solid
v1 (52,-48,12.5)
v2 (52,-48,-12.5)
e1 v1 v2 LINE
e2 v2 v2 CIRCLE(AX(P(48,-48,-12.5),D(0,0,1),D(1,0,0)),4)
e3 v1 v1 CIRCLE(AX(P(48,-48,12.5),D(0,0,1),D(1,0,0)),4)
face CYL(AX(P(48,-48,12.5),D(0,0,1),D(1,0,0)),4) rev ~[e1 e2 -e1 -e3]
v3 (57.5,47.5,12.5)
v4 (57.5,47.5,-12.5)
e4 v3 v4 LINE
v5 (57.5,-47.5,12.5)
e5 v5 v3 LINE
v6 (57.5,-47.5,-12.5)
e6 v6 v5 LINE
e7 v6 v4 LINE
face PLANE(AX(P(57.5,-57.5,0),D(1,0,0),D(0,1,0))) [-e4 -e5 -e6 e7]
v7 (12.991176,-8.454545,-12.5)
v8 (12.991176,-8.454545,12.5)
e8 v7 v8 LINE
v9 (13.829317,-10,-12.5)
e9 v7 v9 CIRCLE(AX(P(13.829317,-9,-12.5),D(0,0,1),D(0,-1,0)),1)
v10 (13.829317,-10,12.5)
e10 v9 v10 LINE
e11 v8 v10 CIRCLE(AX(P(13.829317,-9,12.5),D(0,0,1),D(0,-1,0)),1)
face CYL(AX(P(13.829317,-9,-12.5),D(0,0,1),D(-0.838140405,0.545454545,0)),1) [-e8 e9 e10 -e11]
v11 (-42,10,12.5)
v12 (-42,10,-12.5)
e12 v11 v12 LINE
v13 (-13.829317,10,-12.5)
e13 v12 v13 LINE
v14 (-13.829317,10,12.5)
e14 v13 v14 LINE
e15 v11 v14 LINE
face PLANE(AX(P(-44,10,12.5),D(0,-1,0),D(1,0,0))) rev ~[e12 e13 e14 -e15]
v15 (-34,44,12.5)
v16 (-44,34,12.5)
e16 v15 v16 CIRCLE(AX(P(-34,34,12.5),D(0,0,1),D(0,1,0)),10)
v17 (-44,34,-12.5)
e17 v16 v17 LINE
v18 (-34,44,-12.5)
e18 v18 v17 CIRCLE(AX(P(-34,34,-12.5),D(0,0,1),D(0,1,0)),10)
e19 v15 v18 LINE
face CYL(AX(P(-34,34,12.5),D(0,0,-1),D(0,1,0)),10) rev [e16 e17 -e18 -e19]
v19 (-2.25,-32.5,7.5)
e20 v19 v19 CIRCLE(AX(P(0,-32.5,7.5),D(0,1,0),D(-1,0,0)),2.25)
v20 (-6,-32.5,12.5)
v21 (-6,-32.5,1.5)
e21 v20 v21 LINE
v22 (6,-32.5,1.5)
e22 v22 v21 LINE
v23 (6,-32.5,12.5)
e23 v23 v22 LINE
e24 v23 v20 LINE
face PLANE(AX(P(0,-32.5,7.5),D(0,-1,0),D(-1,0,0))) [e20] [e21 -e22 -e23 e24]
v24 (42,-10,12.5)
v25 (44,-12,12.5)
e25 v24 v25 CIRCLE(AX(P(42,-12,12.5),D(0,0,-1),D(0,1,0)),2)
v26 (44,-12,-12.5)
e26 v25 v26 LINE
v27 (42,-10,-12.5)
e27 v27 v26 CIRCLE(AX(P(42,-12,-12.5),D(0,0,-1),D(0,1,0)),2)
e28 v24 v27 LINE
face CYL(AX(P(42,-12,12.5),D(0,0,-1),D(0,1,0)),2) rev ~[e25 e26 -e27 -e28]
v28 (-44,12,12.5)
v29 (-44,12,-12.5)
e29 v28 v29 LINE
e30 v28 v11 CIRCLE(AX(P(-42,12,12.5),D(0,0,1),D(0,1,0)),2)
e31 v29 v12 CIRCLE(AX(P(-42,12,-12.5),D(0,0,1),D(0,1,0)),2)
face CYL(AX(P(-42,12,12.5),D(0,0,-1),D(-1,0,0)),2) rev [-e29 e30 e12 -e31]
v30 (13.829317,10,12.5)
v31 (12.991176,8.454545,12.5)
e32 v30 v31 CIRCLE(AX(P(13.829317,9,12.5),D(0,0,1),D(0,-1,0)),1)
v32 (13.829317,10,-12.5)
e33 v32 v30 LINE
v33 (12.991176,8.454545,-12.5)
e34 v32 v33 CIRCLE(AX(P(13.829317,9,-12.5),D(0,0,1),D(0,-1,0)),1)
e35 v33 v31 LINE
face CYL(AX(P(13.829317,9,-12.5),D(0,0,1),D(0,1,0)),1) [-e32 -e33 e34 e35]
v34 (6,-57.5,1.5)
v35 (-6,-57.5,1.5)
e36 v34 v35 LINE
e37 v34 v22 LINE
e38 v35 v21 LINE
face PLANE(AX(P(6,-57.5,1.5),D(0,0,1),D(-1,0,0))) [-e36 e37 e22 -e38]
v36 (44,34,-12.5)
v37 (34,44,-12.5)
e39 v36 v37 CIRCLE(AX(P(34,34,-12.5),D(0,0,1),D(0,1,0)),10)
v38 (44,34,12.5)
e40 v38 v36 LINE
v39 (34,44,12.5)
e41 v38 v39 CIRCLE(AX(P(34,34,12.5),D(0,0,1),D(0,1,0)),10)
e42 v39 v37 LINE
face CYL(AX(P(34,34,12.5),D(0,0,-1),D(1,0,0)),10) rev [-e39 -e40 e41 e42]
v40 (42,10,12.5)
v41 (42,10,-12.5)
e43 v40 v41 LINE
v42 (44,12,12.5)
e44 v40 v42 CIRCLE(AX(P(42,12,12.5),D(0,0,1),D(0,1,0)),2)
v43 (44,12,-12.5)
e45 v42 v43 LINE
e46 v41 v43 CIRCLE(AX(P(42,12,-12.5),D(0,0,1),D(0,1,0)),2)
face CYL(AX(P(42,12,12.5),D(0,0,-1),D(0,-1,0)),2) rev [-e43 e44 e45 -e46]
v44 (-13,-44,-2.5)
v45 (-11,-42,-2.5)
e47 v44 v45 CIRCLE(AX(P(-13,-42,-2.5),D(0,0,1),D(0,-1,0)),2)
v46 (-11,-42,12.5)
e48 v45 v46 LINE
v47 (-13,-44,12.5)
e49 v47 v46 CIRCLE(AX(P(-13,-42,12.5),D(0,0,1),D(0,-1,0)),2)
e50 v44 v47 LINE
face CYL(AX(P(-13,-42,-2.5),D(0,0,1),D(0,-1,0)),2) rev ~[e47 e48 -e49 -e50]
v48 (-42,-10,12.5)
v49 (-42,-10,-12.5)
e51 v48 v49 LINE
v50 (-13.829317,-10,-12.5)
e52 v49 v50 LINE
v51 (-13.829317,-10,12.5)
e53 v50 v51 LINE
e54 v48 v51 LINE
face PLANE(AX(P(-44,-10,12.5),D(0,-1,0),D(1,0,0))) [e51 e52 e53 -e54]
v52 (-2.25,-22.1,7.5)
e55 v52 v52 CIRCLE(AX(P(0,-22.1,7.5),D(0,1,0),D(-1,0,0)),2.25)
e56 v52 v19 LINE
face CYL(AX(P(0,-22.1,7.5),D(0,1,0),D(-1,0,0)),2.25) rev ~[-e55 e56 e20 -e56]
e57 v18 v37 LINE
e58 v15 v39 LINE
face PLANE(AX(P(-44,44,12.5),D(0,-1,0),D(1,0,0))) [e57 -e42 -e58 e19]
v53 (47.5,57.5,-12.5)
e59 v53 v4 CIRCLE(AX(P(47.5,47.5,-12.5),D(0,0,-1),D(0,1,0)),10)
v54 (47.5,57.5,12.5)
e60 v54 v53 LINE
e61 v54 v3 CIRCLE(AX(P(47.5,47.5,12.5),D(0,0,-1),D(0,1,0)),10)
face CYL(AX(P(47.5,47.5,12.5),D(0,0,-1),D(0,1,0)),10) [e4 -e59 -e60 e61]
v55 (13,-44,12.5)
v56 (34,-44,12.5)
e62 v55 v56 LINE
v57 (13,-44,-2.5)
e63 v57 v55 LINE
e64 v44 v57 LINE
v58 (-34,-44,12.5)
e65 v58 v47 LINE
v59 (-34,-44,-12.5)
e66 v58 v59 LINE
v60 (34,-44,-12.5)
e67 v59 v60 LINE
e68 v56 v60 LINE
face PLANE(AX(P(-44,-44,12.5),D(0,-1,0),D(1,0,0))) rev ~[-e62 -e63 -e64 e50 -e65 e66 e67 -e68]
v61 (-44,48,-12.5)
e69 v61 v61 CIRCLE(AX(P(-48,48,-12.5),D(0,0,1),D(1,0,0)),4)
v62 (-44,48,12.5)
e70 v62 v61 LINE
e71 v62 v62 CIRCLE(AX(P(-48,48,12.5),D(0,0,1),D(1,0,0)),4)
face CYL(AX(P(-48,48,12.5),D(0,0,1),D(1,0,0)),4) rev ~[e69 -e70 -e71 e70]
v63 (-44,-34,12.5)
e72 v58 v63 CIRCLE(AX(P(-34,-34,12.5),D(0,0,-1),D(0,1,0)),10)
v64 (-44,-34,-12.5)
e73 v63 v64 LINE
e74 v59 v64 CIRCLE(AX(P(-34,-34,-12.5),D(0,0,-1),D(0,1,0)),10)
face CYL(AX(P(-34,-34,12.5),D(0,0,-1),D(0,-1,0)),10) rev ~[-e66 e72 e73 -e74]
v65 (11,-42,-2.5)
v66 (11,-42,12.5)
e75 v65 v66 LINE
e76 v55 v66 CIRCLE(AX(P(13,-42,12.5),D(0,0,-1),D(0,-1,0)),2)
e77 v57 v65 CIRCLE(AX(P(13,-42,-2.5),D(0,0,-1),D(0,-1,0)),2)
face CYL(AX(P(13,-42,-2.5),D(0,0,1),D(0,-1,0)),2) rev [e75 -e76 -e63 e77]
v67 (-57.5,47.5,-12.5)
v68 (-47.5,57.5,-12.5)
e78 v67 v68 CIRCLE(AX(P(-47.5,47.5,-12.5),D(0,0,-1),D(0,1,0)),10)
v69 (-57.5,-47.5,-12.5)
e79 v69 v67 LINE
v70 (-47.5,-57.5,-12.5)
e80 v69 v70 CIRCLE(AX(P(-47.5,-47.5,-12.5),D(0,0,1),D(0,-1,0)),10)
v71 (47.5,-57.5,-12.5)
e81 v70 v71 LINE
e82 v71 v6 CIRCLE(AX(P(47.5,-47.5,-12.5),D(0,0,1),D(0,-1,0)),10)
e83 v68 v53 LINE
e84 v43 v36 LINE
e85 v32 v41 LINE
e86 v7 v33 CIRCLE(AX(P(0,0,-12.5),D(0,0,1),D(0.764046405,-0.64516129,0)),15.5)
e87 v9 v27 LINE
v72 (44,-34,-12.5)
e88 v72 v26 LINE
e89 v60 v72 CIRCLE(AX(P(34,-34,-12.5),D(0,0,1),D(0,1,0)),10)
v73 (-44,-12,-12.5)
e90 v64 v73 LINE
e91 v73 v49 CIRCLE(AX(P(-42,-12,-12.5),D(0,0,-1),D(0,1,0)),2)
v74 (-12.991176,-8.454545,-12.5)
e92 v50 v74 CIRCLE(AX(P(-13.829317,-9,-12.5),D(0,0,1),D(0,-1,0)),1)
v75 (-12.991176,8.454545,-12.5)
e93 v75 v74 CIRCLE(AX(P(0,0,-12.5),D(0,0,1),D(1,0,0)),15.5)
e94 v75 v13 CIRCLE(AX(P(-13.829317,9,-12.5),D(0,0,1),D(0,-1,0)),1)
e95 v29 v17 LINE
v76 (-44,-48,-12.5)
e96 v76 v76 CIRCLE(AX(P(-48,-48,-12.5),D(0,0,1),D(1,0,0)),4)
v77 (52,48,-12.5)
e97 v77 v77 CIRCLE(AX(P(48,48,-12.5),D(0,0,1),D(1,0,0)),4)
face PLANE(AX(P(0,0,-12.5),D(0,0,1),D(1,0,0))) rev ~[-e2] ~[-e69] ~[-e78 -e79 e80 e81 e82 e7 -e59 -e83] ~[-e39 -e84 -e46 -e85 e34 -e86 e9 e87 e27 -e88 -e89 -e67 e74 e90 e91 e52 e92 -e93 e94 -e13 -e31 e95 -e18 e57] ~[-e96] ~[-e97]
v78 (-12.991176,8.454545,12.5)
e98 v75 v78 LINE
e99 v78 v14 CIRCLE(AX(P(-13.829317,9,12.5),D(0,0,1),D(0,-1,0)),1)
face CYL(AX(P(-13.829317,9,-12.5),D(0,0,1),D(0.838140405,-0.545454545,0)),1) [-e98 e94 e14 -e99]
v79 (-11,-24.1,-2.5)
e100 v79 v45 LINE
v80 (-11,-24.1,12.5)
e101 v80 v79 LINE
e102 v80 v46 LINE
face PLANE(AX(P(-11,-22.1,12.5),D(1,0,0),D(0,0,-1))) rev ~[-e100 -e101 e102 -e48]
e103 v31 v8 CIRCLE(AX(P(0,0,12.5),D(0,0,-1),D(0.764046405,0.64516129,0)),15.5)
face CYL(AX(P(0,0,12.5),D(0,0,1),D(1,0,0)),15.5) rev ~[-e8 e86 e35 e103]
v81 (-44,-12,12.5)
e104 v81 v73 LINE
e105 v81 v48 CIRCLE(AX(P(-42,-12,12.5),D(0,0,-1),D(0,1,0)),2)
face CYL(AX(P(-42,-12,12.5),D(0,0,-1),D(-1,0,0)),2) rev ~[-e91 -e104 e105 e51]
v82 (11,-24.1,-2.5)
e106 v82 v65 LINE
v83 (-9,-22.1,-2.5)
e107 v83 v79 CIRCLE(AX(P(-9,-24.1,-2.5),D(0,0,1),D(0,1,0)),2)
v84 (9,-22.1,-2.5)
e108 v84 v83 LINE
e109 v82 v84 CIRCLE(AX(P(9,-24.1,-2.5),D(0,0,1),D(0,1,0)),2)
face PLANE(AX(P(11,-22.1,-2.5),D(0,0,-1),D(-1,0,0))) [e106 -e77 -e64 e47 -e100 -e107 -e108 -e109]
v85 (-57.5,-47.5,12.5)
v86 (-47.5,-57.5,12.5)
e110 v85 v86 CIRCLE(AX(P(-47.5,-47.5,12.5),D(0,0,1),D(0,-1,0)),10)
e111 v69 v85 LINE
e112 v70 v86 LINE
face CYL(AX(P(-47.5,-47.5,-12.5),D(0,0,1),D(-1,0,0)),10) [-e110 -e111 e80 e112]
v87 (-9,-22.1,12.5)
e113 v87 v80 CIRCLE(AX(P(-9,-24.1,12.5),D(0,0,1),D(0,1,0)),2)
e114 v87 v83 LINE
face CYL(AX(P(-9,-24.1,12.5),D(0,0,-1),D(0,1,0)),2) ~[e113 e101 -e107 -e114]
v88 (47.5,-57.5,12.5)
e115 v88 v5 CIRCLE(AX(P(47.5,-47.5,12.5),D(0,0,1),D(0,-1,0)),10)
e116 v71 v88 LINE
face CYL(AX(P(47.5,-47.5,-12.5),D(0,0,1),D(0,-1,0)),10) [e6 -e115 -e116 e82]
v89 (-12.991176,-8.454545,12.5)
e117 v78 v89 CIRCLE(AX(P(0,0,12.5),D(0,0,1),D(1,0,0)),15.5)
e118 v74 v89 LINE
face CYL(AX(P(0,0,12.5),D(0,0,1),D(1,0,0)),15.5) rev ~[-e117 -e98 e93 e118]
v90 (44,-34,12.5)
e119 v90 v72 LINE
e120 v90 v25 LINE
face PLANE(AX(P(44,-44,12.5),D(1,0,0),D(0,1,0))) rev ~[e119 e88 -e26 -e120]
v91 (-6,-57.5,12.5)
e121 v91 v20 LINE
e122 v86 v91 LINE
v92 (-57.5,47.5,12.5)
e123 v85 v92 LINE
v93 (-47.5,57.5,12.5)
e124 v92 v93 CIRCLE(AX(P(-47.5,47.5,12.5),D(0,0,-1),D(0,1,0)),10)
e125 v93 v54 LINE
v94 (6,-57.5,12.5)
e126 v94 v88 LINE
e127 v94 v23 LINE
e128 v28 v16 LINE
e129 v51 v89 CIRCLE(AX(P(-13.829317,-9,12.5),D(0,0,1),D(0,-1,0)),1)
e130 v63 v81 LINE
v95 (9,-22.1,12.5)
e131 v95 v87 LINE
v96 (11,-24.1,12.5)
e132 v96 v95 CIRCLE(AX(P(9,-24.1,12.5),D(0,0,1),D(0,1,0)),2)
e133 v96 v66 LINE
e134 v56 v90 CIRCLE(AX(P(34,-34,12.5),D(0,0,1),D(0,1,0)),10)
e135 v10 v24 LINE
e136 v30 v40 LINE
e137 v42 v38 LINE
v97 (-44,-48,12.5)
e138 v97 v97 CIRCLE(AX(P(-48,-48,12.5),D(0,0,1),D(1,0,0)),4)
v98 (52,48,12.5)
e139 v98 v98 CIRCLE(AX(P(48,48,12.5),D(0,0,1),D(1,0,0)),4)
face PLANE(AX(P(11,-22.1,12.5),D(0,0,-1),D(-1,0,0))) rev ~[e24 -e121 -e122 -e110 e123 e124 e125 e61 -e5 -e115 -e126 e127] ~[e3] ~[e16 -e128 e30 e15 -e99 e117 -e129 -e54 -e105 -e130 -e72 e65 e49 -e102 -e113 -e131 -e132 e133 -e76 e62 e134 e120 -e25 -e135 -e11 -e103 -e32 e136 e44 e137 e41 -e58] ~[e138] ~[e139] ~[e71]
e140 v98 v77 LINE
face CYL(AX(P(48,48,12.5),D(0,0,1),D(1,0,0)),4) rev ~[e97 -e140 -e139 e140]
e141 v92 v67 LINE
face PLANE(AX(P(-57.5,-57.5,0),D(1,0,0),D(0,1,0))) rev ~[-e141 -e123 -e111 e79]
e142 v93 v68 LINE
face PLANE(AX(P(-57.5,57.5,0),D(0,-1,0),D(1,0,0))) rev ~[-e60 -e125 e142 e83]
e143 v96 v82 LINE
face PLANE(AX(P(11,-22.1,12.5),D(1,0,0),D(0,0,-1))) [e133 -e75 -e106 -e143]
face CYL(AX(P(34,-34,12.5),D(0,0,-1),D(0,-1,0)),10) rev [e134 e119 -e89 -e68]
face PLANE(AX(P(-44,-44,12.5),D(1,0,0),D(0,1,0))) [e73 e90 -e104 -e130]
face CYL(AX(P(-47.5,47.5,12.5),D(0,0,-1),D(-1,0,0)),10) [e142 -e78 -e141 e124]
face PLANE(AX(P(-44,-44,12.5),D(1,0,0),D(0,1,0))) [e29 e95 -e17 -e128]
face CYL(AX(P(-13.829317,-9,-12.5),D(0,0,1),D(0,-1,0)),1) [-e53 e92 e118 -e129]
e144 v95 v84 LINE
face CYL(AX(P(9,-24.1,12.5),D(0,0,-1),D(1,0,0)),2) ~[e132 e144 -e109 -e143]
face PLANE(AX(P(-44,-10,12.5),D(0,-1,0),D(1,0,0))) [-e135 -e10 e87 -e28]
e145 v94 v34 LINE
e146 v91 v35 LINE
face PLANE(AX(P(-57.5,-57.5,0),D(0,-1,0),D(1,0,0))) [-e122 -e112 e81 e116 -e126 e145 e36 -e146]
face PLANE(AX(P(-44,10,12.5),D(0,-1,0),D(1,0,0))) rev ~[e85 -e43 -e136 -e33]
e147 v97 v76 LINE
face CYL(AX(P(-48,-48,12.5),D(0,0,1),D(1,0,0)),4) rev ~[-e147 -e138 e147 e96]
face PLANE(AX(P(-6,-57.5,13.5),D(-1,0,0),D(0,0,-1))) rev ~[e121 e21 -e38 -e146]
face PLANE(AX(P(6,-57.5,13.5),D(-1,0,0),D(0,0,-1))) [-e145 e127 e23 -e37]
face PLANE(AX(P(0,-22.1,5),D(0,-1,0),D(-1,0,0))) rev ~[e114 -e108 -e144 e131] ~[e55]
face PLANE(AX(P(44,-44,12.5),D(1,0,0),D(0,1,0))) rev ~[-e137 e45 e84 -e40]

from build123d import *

# Parameters (mm, degrees)
SKETCH1_W           = 115
SKETCH1_H           = 115
BOSS_EXTRUDE1_DEPTH = 12.5
SKETCH2_R           = 4
CUT_EXTRUDE1_DEPTH  = 30
FILLET1_R           = 10
SKETCH5_W           = 88
SKETCH5_H           = 88
CUT_EXTRUDE3_DEPTH  = 30
FILLET4_R           = 10
SKETCH6_W           = 88
SKETCH6_H           = 20
BOSS_EXTRUDE2_DEPTH = 25
SKETCH14_W          = 22
SKETCH14_H          = 15
BOSS_EXTRUDE6_DEPTH = 30
SKETCH16_R          = 15.5
CUT_EXTRUDE7_DEPTH  = 30
FILLET6_R           = 1
FILLET8_R           = 2
SKETCH17_R          = 2.25
CUT_EXTRUDE8_DEPTH  = 40
SKETCH18_W          = 12
SKETCH18_H          = 12
CUT_EXTRUDE9_DEPTH  = 25


with BuildPart() as part:
    # Sketch1 → Boss-Extrude1 (new, symmetric)
    with BuildSketch(Plane.XY):
        Rectangle(SKETCH1_W, SKETCH1_H)
    extrude(amount=BOSS_EXTRUDE1_DEPTH, both=True)

    # Sketch2 → Cut-Extrude1 (cut)
    with BuildSketch(Plane.XY.offset(12.5)):
        with Locations((-48, 48)):
            Circle(SKETCH2_R)
        with Locations((48, 48)):
            Circle(SKETCH2_R)
        with Locations((48, -48)):
            Circle(SKETCH2_R)
        with Locations((-48, -48)):
            Circle(SKETCH2_R)
    extrude(amount=-CUT_EXTRUDE1_DEPTH, mode=Mode.SUBTRACT)

    # Fillet1
    fillet1_edges = [part.edges().sort_by_distance(p)[0] for p in [
        (-57.5, 57.5, 0),
        (57.5, 57.5, 0),
        (57.5, -57.5, 0),
        (-57.5, -57.5, 0),
    ]]
    fillet(fillet1_edges, radius=FILLET1_R)

    # Sketch5 → Cut-Extrude3 (cut)
    with BuildSketch(Plane.XY.offset(12.5)):
        Rectangle(SKETCH5_W, SKETCH5_H)
    extrude(amount=-CUT_EXTRUDE3_DEPTH, mode=Mode.SUBTRACT)

    # Fillet4
    fillet4_edges = [part.edges().sort_by_distance(p)[0] for p in [
        (-44, -44, 0),
        (-44, 44, 0),
        (44, 44, 0),
        (44, -44, 0),
    ]]
    fillet(fillet4_edges, radius=FILLET4_R)

    # Sketch6 → Boss-Extrude2 (add)
    with BuildSketch(Plane.XY.offset(12.5)):
        Rectangle(SKETCH6_W, SKETCH6_H)
    extrude(amount=-BOSS_EXTRUDE2_DEPTH)

    # Sketch14 → Boss-Extrude6 (add)
    with BuildSketch(Plane(origin=(0, -22.1, 0), x_dir=(-1, 0, 0), z_dir=(0, -1, 0))):
        with Locations((0, -5)):
            Rectangle(SKETCH14_W, SKETCH14_H)
    extrude(amount=BOSS_EXTRUDE6_DEPTH)

    # Sketch16 → Cut-Extrude7 (cut)
    with BuildSketch(Plane.XY.offset(12.5)):
        Circle(SKETCH16_R)
    extrude(amount=-CUT_EXTRUDE7_DEPTH, mode=Mode.SUBTRACT)

    # Fillet6
    fillet6_edges = [part.edges().sort_by_distance(p)[0] for p in [
        (-11.842719282, -10, 0),
        (11.842719282, -10, 0),
        (11.842719282, 10, 0),
        (-11.842719282, 10, 0),
    ]]
    fillet(fillet6_edges, radius=FILLET6_R)

    # Fillet8
    fillet8_edges = [part.edges().sort_by_distance(p)[0] for p in [
        (-44, -10, 0),
        (-44, 10, 0),
        (44, 10, 0),
        (44, -10, 0),
        (-11, -44, 5),
        (11, -44, 5),
        (11, -22.1, 5),
        (-11, -22.1, 5),
    ]]
    fillet(fillet8_edges, radius=FILLET8_R)

    # Sketch17 → Cut-Extrude8 (cut)
    with BuildSketch(Plane(origin=(0, -22.1, 0), x_dir=(1, 0, 0), z_dir=(0, 1, 0))):
        with Locations(Location((0, -7.5, 0), (0, 0, 180))):
            Circle(SKETCH17_R)
    extrude(amount=-CUT_EXTRUDE8_DEPTH, mode=Mode.SUBTRACT)

    # Sketch18 → Cut-Extrude9 (cut)
    with BuildSketch(Plane(origin=(0, -57.5, 0), x_dir=(-1, 0, 0), z_dir=(0, -1, 0))):
        with Locations((0, -7.5)):
            Rectangle(SKETCH18_W, SKETCH18_H)
    extrude(amount=-CUT_EXTRUDE9_DEPTH, mode=Mode.SUBTRACT)


solid = part.part
